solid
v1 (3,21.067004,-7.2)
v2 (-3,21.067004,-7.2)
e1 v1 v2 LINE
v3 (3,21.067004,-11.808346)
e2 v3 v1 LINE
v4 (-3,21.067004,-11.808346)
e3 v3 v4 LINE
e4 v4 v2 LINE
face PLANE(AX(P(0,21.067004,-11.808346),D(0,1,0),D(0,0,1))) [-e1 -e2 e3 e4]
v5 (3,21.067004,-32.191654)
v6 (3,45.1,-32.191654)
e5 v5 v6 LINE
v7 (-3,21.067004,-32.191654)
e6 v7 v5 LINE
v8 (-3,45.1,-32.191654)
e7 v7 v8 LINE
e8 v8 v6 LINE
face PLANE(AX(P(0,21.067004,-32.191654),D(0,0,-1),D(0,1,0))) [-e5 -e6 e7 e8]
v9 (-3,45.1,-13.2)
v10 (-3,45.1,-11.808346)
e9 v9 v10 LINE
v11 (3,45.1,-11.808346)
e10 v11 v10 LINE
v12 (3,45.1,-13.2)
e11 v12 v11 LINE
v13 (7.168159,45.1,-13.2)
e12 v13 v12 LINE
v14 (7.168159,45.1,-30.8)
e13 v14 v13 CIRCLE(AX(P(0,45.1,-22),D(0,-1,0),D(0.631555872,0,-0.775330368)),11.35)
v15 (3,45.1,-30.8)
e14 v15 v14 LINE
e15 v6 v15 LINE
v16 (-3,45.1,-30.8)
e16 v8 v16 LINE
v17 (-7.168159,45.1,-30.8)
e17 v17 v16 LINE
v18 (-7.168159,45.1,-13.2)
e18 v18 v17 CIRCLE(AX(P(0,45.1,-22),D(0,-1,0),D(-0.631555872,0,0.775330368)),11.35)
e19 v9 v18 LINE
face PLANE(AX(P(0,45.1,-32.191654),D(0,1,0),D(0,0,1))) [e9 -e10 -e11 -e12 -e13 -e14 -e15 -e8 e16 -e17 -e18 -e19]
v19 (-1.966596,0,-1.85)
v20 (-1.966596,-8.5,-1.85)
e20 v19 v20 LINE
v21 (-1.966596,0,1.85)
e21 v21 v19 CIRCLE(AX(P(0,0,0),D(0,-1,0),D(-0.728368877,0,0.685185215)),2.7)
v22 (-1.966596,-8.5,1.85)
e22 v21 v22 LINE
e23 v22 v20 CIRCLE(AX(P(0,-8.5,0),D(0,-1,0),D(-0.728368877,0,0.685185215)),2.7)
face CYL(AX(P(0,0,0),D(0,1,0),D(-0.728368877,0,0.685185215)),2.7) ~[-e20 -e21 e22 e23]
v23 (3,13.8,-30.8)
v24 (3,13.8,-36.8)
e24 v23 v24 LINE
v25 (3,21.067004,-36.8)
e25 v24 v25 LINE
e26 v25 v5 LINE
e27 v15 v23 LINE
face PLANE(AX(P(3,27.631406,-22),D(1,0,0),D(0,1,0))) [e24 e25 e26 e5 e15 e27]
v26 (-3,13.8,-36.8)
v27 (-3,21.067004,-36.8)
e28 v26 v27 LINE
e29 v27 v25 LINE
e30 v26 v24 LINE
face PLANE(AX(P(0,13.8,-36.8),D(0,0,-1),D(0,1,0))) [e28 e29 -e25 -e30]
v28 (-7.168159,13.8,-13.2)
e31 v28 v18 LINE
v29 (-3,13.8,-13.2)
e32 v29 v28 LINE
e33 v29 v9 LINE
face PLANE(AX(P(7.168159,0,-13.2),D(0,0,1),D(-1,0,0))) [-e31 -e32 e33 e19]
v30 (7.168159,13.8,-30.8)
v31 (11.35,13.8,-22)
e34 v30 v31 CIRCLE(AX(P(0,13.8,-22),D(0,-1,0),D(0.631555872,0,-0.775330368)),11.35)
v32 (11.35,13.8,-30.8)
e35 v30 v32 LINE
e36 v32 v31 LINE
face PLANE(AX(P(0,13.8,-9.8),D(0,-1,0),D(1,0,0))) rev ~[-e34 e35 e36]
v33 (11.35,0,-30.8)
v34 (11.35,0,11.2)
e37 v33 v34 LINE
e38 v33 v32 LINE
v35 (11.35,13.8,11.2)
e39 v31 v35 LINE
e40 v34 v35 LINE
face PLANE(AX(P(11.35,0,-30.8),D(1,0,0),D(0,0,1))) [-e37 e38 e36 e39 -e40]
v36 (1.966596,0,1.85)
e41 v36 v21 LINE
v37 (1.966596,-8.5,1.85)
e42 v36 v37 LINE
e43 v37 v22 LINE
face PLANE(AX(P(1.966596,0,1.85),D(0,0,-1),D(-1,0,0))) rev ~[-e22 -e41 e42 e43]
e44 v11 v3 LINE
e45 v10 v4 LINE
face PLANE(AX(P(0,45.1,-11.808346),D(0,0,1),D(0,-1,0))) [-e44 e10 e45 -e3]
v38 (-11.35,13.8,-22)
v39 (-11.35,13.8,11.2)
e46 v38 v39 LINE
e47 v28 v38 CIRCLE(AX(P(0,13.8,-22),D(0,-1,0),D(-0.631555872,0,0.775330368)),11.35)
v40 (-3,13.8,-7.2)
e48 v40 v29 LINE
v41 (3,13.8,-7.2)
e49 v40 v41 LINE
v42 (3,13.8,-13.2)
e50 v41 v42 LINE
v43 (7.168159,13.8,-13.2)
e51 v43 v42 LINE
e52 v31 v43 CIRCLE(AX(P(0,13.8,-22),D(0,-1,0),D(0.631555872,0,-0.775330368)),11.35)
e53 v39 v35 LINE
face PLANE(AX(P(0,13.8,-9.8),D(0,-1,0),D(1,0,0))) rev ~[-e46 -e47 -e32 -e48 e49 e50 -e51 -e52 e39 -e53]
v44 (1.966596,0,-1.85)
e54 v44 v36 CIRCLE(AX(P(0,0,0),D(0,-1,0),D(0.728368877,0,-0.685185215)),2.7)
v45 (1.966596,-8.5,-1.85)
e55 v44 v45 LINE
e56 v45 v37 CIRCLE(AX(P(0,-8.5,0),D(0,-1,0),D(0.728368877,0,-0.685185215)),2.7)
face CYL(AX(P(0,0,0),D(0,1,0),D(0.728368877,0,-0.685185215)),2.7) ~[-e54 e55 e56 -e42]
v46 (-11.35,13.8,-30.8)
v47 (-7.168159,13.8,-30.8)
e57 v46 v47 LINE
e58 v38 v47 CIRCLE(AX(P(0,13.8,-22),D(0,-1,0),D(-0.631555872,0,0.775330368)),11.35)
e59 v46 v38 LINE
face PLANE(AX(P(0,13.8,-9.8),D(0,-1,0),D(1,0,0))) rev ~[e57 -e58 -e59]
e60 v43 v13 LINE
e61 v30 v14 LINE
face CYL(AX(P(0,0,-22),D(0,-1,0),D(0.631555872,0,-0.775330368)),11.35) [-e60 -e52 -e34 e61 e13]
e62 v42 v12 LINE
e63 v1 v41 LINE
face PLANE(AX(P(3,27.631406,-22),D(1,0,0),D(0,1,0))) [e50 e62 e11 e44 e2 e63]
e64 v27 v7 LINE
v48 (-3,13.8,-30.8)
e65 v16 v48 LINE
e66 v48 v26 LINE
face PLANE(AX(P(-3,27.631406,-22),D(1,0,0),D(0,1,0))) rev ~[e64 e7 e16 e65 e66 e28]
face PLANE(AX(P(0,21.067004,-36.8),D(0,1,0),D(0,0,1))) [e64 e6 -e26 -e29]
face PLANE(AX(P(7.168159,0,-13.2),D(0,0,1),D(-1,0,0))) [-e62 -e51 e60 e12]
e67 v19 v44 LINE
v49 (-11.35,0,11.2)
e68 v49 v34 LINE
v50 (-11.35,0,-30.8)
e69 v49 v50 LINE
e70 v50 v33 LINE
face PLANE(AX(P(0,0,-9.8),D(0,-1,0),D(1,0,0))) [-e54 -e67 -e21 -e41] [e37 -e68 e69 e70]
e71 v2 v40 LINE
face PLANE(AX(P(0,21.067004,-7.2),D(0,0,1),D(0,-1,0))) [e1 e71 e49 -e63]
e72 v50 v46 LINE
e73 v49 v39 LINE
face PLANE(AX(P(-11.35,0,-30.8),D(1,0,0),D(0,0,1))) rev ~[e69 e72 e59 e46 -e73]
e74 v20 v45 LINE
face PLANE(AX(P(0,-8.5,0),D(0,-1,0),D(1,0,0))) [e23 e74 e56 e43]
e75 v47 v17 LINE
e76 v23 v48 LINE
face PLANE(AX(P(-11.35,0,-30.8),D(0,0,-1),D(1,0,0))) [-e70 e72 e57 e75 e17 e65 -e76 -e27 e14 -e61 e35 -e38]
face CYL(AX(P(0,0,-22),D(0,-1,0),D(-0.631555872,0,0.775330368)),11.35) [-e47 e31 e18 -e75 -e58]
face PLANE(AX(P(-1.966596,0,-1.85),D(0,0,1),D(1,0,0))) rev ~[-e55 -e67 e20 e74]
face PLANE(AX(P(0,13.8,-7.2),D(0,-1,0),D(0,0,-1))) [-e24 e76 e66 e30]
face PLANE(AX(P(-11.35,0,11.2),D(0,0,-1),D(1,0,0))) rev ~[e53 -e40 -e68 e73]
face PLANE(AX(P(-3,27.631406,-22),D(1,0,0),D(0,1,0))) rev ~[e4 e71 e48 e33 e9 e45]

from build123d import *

# Parameters (mm, degrees)
F0_W     = 22.7
F0_H     = 42
F1_DEPTH = 13.8
F3_DEPTH = 8.5
F5_DEPTH = 45.1
F7_DEPTH = 3


with BuildPart() as f1:
    # F0 (on Front) → F1 (new body)
    with BuildSketch(Plane.XZ):
        with Locations((0, -9.8)):
            Rectangle(F0_W, F0_H)
    extrude(amount=-F1_DEPTH)

    # F2 (on face) → F3 (join)
    with BuildSketch(Plane.XZ):
        with BuildLine():
            Line((1.966596, 1.85), (-1.966596, 1.85))
            ThreePointArc((-1.966596, 1.85), (-2.7, 0), (-1.966596, -1.85))
            Line((-1.966596, -1.85), (1.966596, -1.85))
            ThreePointArc((1.966596, -1.85), (2.7, 0), (1.966596, 1.85))
        make_face()
    extrude(amount=F3_DEPTH)

    # F4 (on face) → F5 (join)
    with BuildSketch(Plane.XZ):
        with BuildLine():
            Line((7.168159, -13.2), (-7.168159, -13.2))
            ThreePointArc((-7.168159, -13.2), (-11.35, -22), (-7.168159, -30.8))
            Line((-7.168159, -30.8), (7.168159, -30.8))
            ThreePointArc((7.168159, -30.8), (11.35, -22), (7.168159, -13.2))
        make_face()
    extrude(amount=-F5_DEPTH)

    # F6 (on Right) → F7 (join, symmetric)
    with BuildSketch(Plane.YZ):
        Polygon((21.067004, -7.2), (13.8, -7.2), (13.8, -36.8), (21.067004, -36.8), (21.067004, -32.191654), (45.1, -32.191654), (45.1, -11.808346), (21.067004, -11.808346), align=None)
    extrude(amount=F7_DEPTH, both=True)


solid = f1.part
